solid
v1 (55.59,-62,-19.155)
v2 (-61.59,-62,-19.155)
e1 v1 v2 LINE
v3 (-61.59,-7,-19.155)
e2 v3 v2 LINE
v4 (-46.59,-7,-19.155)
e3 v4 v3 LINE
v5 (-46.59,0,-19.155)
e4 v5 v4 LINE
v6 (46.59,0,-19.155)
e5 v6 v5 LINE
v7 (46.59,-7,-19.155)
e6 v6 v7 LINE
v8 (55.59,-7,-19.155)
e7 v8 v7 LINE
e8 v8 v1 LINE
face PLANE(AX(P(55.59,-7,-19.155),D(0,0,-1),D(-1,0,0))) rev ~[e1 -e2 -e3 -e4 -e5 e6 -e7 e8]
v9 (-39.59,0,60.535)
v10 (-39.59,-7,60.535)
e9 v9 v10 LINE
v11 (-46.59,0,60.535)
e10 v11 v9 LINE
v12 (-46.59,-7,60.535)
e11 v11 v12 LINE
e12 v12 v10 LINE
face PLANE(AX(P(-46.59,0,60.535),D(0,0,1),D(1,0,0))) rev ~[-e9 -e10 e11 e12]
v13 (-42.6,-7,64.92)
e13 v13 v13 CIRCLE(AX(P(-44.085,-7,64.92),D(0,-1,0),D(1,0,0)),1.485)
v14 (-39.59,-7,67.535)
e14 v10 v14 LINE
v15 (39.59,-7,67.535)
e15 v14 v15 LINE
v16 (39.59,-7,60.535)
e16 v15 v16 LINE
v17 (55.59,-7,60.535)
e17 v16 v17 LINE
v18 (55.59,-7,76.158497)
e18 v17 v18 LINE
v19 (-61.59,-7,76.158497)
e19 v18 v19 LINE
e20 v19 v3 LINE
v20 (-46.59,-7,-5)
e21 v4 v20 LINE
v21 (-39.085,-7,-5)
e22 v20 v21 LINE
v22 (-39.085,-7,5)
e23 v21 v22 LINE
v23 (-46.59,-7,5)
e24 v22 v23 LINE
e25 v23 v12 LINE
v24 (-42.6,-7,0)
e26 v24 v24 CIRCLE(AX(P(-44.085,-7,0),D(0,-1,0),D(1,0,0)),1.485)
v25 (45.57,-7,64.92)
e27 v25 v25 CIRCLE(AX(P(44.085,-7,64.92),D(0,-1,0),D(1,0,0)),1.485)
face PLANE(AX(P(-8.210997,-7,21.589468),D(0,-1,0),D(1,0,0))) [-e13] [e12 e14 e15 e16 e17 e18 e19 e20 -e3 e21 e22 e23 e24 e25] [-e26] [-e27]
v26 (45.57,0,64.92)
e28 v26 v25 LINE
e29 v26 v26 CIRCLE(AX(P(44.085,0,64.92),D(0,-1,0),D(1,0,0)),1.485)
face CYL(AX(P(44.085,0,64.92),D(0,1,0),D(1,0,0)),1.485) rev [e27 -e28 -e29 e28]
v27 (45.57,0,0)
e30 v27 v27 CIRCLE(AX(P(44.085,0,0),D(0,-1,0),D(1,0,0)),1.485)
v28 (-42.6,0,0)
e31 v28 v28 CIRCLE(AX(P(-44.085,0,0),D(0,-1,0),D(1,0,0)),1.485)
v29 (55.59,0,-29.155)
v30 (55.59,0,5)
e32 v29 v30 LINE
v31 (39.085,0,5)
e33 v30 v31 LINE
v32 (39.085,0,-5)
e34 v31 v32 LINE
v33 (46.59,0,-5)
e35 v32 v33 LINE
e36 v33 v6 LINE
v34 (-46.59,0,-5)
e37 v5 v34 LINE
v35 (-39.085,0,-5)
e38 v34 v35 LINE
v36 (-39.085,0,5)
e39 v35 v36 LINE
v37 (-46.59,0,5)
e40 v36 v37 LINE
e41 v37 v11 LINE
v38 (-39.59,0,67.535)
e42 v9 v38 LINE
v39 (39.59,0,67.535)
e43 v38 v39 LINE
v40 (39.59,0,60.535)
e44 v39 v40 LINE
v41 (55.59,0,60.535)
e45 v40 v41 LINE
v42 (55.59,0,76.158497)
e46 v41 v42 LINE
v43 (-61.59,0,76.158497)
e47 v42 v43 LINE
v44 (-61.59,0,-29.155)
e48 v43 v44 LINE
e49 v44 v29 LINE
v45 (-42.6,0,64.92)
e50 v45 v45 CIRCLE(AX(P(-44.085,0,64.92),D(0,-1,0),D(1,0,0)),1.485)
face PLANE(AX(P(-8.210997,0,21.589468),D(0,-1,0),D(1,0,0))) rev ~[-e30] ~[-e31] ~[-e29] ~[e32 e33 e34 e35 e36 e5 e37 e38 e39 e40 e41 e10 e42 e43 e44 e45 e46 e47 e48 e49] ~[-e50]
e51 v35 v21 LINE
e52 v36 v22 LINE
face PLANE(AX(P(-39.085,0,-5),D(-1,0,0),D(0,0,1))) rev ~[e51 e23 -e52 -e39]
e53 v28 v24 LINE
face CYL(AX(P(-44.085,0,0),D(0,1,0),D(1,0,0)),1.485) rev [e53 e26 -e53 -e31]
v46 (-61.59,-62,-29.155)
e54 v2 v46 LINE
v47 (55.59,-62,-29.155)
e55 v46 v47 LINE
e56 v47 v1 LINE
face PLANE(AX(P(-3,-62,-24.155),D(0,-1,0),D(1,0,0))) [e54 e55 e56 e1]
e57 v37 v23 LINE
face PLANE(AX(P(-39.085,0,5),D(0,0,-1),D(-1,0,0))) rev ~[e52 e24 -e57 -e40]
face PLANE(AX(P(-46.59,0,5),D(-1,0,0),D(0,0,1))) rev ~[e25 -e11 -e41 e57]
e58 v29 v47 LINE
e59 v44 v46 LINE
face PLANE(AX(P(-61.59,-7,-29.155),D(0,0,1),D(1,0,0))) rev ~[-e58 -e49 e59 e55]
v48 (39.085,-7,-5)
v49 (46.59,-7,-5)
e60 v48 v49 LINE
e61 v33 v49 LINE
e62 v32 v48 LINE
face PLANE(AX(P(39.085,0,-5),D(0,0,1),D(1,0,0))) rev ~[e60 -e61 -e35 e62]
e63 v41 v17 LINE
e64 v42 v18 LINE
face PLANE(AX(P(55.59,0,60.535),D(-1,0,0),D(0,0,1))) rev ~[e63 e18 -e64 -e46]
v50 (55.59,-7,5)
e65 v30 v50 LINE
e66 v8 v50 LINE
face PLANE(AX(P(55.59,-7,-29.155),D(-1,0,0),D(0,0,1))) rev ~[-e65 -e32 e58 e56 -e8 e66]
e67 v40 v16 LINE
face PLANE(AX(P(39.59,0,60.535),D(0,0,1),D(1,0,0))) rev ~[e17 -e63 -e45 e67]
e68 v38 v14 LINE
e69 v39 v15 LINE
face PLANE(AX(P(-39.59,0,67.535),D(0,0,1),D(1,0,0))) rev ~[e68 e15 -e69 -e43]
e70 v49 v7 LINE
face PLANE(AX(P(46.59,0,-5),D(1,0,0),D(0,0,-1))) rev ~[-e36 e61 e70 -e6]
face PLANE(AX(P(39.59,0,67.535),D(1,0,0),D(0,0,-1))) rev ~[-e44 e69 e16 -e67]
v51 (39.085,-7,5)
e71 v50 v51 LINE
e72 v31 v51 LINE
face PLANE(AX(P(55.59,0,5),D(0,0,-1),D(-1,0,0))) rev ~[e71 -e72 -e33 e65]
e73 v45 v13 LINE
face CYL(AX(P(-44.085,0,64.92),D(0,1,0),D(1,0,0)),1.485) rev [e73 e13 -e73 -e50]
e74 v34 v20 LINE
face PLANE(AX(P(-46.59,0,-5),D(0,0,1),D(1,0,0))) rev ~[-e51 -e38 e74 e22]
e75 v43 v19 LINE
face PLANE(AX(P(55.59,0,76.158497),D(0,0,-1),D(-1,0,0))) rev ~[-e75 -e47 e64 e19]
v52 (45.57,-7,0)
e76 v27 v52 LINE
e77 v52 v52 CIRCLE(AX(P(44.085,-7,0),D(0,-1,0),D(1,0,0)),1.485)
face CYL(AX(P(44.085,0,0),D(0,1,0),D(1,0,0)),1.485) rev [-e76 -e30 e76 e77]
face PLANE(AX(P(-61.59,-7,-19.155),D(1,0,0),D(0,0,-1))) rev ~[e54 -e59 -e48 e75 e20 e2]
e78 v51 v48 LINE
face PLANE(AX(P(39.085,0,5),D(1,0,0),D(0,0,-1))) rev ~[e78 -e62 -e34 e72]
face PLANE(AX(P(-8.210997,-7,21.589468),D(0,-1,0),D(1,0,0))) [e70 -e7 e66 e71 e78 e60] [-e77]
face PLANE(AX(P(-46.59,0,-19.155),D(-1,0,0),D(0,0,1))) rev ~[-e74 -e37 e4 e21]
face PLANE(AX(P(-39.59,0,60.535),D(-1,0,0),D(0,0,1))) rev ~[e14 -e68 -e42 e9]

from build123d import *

# Parameters (mm, degrees)
F0_R     = 1.485
F1_DEPTH = 7
F3_DEPTH = 55


with BuildPart() as f1:
    # F0 (on Front) → F1 (new body)
    with BuildSketch(Plane.XZ):
        Polygon((-39.59, 60.535), (-39.59, 67.535), (39.59, 67.535), (39.59, 60.535), (46.59, 60.535), (55.59, 60.535), (55.59, 76.158497), (-61.59, 76.158497), (-61.59, -19.155), (-61.59, -29.155), (55.59, -29.155), (55.59, -19.155), (55.59, 5), (46.59, 5), (39.085, 5), (39.085, -5), (46.59, -5), (46.59, -19.155), (-46.59, -19.155), (-46.59, -5), (-39.085, -5), (-39.085, 5), (-46.59, 5), (-46.59, 60.535), align=None)
        with Locations((-44.085, 0)):
            Circle(F0_R, mode=Mode.SUBTRACT)
        with Locations((44.085, 0)):
            Circle(F0_R, mode=Mode.SUBTRACT)
        with Locations((-44.085, 64.92)):
            Circle(F0_R, mode=Mode.SUBTRACT)
        with Locations((44.085, 64.92)):
            Circle(F0_R, mode=Mode.SUBTRACT)
    extrude(amount=F1_DEPTH)

    # F2 (on face) → F3 (join)
    with BuildSketch(Plane.XZ.offset(7)):
        Polygon((-61.59, -19.155), (-61.59, -29.155), (55.59, -29.155), (55.59, -19.155), (46.59, -19.155), (-46.59, -19.155), align=None)
    extrude(amount=F3_DEPTH)


solid = f1.part
